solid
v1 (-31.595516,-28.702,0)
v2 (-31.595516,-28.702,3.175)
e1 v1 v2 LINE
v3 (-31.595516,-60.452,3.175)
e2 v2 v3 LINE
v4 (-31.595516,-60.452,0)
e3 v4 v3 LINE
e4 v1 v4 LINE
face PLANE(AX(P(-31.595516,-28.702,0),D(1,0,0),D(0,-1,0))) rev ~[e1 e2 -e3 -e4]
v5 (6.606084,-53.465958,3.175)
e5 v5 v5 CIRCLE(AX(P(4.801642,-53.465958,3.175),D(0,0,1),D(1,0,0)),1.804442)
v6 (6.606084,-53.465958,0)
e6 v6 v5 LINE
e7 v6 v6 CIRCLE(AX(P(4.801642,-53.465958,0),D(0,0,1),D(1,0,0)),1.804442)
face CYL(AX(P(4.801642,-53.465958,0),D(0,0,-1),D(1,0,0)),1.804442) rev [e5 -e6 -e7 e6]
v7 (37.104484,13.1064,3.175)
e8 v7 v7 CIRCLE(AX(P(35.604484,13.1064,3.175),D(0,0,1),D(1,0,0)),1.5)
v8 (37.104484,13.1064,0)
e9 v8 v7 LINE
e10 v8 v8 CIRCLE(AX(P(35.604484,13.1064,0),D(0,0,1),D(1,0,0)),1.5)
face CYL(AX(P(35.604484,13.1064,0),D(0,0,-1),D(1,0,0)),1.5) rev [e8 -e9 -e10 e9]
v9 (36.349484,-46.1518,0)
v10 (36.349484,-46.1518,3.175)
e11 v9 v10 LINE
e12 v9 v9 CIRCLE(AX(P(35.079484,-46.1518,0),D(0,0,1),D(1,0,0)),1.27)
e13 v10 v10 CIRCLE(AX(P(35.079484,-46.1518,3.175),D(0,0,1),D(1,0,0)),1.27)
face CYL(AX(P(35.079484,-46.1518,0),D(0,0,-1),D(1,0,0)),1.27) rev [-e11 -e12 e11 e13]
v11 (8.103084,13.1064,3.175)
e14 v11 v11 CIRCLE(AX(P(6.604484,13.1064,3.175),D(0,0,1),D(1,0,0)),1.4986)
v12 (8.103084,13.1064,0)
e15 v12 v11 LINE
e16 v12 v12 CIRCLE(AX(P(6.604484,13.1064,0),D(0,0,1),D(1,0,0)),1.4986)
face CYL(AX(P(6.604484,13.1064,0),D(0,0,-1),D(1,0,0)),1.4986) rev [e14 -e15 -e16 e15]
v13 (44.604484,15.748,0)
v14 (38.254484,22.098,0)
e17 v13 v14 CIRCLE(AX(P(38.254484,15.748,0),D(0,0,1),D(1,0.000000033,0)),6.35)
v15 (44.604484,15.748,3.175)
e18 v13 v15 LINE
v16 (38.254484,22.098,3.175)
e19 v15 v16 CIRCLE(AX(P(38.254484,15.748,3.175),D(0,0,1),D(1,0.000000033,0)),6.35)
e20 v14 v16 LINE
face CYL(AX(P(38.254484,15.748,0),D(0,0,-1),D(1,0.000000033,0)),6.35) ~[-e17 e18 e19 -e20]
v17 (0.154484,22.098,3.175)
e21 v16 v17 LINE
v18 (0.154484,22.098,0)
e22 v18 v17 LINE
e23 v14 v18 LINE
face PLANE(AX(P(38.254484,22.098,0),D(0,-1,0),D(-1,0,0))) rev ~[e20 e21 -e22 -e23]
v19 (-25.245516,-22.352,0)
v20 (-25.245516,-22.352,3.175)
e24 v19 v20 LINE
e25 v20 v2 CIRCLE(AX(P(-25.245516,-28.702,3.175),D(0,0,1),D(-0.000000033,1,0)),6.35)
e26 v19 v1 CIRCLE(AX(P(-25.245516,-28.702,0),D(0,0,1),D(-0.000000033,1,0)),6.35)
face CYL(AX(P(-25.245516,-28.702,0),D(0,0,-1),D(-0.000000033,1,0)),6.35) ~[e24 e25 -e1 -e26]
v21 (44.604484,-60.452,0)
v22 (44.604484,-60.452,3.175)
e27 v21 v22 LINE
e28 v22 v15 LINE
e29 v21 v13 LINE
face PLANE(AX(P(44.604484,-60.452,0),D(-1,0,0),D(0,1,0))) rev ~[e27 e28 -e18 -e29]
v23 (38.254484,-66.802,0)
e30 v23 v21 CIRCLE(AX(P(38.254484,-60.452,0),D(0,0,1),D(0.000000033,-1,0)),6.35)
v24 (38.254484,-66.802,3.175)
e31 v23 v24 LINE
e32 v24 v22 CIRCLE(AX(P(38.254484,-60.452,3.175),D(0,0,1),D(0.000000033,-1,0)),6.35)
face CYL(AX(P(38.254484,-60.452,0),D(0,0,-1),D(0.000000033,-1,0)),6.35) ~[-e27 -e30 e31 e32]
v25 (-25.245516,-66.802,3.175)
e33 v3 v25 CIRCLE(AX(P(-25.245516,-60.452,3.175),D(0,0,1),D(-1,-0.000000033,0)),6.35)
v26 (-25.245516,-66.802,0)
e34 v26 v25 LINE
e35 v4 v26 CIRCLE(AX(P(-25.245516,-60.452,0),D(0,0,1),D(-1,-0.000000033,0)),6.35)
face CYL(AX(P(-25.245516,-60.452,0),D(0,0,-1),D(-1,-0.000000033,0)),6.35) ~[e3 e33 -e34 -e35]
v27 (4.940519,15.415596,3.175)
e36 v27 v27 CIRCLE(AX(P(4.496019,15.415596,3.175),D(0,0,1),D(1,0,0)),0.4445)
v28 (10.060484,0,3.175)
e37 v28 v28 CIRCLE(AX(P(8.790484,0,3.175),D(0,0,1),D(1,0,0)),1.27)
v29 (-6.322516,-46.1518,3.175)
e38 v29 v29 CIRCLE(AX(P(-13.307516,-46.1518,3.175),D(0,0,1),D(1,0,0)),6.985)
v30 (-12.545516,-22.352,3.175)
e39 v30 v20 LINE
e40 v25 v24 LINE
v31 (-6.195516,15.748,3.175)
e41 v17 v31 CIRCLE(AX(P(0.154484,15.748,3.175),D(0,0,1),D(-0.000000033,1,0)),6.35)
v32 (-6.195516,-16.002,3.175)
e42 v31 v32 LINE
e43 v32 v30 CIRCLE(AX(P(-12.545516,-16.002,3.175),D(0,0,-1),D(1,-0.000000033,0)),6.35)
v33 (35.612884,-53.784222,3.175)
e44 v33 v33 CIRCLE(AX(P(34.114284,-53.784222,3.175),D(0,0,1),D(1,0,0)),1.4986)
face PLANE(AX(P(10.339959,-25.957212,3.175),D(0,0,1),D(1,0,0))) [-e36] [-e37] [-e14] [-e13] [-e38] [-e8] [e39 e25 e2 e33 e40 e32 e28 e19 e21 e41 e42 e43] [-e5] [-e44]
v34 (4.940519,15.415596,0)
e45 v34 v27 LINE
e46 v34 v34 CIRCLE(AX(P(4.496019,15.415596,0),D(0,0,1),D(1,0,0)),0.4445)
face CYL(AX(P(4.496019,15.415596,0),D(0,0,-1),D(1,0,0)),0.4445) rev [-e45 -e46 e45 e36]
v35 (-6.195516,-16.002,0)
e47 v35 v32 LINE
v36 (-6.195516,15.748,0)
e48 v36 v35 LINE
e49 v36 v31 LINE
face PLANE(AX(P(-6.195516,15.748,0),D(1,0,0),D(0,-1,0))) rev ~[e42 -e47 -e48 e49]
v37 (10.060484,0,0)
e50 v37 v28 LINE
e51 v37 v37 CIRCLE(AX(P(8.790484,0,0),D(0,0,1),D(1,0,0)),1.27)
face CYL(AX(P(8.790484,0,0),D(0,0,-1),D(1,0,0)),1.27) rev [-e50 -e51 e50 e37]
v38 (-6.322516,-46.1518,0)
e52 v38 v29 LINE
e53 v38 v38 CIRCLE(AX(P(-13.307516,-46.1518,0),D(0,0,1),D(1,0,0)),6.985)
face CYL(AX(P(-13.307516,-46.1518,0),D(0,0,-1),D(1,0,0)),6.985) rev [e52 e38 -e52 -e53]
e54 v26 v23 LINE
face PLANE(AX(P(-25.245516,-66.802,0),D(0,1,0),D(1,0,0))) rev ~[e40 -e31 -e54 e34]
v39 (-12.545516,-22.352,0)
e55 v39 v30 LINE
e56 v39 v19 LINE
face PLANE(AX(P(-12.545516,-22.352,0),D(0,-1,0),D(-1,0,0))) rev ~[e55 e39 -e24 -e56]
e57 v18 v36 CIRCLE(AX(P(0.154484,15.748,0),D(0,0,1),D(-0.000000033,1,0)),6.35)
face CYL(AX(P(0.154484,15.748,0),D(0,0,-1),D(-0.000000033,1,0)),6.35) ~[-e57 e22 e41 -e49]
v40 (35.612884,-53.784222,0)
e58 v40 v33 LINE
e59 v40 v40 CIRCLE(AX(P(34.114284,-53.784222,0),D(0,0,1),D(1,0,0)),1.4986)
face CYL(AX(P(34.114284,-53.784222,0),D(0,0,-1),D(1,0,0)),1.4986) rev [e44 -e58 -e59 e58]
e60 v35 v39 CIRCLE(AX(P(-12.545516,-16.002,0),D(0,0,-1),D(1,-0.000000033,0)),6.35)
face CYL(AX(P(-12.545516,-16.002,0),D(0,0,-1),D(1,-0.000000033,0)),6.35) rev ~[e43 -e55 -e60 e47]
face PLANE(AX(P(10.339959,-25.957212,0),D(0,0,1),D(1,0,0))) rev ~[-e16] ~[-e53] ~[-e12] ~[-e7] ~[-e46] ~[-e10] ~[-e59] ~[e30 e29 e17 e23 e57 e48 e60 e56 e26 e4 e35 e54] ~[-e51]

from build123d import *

# Parameters (mm, degrees)
F0_R     = 6.985
F0_R_2   = 1.804442
F0_R_3   = 1.4986
F0_R_4   = 1.27
F0_R_5   = 0.4445
F0_R_6   = 1.5
F1_DEPTH = 3.175


with BuildPart() as f1:
    # F0 (on Top) → F1 (new body)
    with BuildSketch(Plane.XY):
        with BuildLine():
            ThreePointArc((-31.595516, -60.452), (-29.735644, -64.942128), (-25.245516, -66.802))
            Line((-25.245516, -66.802), (38.254484, -66.802))
            ThreePointArc((38.254484, -66.802), (42.744612, -64.942128), (44.604484, -60.452))
            Line((44.604484, -60.452), (44.604484, 15.748))
            ThreePointArc((44.604484, 15.748), (42.744612, 20.238128), (38.254484, 22.098))
            Line((38.254484, 22.098), (0.154484, 22.098))
            ThreePointArc((0.154484, 22.098), (-4.335644, 20.238128), (-6.195516, 15.748))
            Line((-6.195516, 15.748), (-6.195516, -16.002))
            ThreePointArc((-6.195516, -16.002), (-8.055388, -20.492128), (-12.545516, -22.352))
            Line((-12.545516, -22.352), (-25.245516, -22.352))
            ThreePointArc((-25.245516, -22.352), (-29.735644, -24.211872), (-31.595516, -28.702))
            Line((-31.595516, -28.702), (-31.595516, -60.452))
        make_face()
        with Locations((-13.307516, -46.1518)):
            Circle(F0_R, mode=Mode.SUBTRACT)
        with Locations((4.801642, -53.465958)):
            Circle(F0_R_2, mode=Mode.SUBTRACT)
        with Locations((34.114284, -53.784222)):
            Circle(F0_R_3, mode=Mode.SUBTRACT)
        with Locations((35.079484, -46.1518)):
            Circle(F0_R_4, mode=Mode.SUBTRACT)
        with Locations((4.496019, 15.415596)):
            Circle(F0_R_5, mode=Mode.SUBTRACT)
        with Locations((8.790484, 0)):
            Circle(F0_R_4, mode=Mode.SUBTRACT)
        with Locations((6.604484, 13.1064)):
            Circle(F0_R_3, mode=Mode.SUBTRACT)
        with Locations((35.604484, 13.1064)):
            Circle(F0_R_6, mode=Mode.SUBTRACT)
    extrude(amount=F1_DEPTH)


solid = f1.part
